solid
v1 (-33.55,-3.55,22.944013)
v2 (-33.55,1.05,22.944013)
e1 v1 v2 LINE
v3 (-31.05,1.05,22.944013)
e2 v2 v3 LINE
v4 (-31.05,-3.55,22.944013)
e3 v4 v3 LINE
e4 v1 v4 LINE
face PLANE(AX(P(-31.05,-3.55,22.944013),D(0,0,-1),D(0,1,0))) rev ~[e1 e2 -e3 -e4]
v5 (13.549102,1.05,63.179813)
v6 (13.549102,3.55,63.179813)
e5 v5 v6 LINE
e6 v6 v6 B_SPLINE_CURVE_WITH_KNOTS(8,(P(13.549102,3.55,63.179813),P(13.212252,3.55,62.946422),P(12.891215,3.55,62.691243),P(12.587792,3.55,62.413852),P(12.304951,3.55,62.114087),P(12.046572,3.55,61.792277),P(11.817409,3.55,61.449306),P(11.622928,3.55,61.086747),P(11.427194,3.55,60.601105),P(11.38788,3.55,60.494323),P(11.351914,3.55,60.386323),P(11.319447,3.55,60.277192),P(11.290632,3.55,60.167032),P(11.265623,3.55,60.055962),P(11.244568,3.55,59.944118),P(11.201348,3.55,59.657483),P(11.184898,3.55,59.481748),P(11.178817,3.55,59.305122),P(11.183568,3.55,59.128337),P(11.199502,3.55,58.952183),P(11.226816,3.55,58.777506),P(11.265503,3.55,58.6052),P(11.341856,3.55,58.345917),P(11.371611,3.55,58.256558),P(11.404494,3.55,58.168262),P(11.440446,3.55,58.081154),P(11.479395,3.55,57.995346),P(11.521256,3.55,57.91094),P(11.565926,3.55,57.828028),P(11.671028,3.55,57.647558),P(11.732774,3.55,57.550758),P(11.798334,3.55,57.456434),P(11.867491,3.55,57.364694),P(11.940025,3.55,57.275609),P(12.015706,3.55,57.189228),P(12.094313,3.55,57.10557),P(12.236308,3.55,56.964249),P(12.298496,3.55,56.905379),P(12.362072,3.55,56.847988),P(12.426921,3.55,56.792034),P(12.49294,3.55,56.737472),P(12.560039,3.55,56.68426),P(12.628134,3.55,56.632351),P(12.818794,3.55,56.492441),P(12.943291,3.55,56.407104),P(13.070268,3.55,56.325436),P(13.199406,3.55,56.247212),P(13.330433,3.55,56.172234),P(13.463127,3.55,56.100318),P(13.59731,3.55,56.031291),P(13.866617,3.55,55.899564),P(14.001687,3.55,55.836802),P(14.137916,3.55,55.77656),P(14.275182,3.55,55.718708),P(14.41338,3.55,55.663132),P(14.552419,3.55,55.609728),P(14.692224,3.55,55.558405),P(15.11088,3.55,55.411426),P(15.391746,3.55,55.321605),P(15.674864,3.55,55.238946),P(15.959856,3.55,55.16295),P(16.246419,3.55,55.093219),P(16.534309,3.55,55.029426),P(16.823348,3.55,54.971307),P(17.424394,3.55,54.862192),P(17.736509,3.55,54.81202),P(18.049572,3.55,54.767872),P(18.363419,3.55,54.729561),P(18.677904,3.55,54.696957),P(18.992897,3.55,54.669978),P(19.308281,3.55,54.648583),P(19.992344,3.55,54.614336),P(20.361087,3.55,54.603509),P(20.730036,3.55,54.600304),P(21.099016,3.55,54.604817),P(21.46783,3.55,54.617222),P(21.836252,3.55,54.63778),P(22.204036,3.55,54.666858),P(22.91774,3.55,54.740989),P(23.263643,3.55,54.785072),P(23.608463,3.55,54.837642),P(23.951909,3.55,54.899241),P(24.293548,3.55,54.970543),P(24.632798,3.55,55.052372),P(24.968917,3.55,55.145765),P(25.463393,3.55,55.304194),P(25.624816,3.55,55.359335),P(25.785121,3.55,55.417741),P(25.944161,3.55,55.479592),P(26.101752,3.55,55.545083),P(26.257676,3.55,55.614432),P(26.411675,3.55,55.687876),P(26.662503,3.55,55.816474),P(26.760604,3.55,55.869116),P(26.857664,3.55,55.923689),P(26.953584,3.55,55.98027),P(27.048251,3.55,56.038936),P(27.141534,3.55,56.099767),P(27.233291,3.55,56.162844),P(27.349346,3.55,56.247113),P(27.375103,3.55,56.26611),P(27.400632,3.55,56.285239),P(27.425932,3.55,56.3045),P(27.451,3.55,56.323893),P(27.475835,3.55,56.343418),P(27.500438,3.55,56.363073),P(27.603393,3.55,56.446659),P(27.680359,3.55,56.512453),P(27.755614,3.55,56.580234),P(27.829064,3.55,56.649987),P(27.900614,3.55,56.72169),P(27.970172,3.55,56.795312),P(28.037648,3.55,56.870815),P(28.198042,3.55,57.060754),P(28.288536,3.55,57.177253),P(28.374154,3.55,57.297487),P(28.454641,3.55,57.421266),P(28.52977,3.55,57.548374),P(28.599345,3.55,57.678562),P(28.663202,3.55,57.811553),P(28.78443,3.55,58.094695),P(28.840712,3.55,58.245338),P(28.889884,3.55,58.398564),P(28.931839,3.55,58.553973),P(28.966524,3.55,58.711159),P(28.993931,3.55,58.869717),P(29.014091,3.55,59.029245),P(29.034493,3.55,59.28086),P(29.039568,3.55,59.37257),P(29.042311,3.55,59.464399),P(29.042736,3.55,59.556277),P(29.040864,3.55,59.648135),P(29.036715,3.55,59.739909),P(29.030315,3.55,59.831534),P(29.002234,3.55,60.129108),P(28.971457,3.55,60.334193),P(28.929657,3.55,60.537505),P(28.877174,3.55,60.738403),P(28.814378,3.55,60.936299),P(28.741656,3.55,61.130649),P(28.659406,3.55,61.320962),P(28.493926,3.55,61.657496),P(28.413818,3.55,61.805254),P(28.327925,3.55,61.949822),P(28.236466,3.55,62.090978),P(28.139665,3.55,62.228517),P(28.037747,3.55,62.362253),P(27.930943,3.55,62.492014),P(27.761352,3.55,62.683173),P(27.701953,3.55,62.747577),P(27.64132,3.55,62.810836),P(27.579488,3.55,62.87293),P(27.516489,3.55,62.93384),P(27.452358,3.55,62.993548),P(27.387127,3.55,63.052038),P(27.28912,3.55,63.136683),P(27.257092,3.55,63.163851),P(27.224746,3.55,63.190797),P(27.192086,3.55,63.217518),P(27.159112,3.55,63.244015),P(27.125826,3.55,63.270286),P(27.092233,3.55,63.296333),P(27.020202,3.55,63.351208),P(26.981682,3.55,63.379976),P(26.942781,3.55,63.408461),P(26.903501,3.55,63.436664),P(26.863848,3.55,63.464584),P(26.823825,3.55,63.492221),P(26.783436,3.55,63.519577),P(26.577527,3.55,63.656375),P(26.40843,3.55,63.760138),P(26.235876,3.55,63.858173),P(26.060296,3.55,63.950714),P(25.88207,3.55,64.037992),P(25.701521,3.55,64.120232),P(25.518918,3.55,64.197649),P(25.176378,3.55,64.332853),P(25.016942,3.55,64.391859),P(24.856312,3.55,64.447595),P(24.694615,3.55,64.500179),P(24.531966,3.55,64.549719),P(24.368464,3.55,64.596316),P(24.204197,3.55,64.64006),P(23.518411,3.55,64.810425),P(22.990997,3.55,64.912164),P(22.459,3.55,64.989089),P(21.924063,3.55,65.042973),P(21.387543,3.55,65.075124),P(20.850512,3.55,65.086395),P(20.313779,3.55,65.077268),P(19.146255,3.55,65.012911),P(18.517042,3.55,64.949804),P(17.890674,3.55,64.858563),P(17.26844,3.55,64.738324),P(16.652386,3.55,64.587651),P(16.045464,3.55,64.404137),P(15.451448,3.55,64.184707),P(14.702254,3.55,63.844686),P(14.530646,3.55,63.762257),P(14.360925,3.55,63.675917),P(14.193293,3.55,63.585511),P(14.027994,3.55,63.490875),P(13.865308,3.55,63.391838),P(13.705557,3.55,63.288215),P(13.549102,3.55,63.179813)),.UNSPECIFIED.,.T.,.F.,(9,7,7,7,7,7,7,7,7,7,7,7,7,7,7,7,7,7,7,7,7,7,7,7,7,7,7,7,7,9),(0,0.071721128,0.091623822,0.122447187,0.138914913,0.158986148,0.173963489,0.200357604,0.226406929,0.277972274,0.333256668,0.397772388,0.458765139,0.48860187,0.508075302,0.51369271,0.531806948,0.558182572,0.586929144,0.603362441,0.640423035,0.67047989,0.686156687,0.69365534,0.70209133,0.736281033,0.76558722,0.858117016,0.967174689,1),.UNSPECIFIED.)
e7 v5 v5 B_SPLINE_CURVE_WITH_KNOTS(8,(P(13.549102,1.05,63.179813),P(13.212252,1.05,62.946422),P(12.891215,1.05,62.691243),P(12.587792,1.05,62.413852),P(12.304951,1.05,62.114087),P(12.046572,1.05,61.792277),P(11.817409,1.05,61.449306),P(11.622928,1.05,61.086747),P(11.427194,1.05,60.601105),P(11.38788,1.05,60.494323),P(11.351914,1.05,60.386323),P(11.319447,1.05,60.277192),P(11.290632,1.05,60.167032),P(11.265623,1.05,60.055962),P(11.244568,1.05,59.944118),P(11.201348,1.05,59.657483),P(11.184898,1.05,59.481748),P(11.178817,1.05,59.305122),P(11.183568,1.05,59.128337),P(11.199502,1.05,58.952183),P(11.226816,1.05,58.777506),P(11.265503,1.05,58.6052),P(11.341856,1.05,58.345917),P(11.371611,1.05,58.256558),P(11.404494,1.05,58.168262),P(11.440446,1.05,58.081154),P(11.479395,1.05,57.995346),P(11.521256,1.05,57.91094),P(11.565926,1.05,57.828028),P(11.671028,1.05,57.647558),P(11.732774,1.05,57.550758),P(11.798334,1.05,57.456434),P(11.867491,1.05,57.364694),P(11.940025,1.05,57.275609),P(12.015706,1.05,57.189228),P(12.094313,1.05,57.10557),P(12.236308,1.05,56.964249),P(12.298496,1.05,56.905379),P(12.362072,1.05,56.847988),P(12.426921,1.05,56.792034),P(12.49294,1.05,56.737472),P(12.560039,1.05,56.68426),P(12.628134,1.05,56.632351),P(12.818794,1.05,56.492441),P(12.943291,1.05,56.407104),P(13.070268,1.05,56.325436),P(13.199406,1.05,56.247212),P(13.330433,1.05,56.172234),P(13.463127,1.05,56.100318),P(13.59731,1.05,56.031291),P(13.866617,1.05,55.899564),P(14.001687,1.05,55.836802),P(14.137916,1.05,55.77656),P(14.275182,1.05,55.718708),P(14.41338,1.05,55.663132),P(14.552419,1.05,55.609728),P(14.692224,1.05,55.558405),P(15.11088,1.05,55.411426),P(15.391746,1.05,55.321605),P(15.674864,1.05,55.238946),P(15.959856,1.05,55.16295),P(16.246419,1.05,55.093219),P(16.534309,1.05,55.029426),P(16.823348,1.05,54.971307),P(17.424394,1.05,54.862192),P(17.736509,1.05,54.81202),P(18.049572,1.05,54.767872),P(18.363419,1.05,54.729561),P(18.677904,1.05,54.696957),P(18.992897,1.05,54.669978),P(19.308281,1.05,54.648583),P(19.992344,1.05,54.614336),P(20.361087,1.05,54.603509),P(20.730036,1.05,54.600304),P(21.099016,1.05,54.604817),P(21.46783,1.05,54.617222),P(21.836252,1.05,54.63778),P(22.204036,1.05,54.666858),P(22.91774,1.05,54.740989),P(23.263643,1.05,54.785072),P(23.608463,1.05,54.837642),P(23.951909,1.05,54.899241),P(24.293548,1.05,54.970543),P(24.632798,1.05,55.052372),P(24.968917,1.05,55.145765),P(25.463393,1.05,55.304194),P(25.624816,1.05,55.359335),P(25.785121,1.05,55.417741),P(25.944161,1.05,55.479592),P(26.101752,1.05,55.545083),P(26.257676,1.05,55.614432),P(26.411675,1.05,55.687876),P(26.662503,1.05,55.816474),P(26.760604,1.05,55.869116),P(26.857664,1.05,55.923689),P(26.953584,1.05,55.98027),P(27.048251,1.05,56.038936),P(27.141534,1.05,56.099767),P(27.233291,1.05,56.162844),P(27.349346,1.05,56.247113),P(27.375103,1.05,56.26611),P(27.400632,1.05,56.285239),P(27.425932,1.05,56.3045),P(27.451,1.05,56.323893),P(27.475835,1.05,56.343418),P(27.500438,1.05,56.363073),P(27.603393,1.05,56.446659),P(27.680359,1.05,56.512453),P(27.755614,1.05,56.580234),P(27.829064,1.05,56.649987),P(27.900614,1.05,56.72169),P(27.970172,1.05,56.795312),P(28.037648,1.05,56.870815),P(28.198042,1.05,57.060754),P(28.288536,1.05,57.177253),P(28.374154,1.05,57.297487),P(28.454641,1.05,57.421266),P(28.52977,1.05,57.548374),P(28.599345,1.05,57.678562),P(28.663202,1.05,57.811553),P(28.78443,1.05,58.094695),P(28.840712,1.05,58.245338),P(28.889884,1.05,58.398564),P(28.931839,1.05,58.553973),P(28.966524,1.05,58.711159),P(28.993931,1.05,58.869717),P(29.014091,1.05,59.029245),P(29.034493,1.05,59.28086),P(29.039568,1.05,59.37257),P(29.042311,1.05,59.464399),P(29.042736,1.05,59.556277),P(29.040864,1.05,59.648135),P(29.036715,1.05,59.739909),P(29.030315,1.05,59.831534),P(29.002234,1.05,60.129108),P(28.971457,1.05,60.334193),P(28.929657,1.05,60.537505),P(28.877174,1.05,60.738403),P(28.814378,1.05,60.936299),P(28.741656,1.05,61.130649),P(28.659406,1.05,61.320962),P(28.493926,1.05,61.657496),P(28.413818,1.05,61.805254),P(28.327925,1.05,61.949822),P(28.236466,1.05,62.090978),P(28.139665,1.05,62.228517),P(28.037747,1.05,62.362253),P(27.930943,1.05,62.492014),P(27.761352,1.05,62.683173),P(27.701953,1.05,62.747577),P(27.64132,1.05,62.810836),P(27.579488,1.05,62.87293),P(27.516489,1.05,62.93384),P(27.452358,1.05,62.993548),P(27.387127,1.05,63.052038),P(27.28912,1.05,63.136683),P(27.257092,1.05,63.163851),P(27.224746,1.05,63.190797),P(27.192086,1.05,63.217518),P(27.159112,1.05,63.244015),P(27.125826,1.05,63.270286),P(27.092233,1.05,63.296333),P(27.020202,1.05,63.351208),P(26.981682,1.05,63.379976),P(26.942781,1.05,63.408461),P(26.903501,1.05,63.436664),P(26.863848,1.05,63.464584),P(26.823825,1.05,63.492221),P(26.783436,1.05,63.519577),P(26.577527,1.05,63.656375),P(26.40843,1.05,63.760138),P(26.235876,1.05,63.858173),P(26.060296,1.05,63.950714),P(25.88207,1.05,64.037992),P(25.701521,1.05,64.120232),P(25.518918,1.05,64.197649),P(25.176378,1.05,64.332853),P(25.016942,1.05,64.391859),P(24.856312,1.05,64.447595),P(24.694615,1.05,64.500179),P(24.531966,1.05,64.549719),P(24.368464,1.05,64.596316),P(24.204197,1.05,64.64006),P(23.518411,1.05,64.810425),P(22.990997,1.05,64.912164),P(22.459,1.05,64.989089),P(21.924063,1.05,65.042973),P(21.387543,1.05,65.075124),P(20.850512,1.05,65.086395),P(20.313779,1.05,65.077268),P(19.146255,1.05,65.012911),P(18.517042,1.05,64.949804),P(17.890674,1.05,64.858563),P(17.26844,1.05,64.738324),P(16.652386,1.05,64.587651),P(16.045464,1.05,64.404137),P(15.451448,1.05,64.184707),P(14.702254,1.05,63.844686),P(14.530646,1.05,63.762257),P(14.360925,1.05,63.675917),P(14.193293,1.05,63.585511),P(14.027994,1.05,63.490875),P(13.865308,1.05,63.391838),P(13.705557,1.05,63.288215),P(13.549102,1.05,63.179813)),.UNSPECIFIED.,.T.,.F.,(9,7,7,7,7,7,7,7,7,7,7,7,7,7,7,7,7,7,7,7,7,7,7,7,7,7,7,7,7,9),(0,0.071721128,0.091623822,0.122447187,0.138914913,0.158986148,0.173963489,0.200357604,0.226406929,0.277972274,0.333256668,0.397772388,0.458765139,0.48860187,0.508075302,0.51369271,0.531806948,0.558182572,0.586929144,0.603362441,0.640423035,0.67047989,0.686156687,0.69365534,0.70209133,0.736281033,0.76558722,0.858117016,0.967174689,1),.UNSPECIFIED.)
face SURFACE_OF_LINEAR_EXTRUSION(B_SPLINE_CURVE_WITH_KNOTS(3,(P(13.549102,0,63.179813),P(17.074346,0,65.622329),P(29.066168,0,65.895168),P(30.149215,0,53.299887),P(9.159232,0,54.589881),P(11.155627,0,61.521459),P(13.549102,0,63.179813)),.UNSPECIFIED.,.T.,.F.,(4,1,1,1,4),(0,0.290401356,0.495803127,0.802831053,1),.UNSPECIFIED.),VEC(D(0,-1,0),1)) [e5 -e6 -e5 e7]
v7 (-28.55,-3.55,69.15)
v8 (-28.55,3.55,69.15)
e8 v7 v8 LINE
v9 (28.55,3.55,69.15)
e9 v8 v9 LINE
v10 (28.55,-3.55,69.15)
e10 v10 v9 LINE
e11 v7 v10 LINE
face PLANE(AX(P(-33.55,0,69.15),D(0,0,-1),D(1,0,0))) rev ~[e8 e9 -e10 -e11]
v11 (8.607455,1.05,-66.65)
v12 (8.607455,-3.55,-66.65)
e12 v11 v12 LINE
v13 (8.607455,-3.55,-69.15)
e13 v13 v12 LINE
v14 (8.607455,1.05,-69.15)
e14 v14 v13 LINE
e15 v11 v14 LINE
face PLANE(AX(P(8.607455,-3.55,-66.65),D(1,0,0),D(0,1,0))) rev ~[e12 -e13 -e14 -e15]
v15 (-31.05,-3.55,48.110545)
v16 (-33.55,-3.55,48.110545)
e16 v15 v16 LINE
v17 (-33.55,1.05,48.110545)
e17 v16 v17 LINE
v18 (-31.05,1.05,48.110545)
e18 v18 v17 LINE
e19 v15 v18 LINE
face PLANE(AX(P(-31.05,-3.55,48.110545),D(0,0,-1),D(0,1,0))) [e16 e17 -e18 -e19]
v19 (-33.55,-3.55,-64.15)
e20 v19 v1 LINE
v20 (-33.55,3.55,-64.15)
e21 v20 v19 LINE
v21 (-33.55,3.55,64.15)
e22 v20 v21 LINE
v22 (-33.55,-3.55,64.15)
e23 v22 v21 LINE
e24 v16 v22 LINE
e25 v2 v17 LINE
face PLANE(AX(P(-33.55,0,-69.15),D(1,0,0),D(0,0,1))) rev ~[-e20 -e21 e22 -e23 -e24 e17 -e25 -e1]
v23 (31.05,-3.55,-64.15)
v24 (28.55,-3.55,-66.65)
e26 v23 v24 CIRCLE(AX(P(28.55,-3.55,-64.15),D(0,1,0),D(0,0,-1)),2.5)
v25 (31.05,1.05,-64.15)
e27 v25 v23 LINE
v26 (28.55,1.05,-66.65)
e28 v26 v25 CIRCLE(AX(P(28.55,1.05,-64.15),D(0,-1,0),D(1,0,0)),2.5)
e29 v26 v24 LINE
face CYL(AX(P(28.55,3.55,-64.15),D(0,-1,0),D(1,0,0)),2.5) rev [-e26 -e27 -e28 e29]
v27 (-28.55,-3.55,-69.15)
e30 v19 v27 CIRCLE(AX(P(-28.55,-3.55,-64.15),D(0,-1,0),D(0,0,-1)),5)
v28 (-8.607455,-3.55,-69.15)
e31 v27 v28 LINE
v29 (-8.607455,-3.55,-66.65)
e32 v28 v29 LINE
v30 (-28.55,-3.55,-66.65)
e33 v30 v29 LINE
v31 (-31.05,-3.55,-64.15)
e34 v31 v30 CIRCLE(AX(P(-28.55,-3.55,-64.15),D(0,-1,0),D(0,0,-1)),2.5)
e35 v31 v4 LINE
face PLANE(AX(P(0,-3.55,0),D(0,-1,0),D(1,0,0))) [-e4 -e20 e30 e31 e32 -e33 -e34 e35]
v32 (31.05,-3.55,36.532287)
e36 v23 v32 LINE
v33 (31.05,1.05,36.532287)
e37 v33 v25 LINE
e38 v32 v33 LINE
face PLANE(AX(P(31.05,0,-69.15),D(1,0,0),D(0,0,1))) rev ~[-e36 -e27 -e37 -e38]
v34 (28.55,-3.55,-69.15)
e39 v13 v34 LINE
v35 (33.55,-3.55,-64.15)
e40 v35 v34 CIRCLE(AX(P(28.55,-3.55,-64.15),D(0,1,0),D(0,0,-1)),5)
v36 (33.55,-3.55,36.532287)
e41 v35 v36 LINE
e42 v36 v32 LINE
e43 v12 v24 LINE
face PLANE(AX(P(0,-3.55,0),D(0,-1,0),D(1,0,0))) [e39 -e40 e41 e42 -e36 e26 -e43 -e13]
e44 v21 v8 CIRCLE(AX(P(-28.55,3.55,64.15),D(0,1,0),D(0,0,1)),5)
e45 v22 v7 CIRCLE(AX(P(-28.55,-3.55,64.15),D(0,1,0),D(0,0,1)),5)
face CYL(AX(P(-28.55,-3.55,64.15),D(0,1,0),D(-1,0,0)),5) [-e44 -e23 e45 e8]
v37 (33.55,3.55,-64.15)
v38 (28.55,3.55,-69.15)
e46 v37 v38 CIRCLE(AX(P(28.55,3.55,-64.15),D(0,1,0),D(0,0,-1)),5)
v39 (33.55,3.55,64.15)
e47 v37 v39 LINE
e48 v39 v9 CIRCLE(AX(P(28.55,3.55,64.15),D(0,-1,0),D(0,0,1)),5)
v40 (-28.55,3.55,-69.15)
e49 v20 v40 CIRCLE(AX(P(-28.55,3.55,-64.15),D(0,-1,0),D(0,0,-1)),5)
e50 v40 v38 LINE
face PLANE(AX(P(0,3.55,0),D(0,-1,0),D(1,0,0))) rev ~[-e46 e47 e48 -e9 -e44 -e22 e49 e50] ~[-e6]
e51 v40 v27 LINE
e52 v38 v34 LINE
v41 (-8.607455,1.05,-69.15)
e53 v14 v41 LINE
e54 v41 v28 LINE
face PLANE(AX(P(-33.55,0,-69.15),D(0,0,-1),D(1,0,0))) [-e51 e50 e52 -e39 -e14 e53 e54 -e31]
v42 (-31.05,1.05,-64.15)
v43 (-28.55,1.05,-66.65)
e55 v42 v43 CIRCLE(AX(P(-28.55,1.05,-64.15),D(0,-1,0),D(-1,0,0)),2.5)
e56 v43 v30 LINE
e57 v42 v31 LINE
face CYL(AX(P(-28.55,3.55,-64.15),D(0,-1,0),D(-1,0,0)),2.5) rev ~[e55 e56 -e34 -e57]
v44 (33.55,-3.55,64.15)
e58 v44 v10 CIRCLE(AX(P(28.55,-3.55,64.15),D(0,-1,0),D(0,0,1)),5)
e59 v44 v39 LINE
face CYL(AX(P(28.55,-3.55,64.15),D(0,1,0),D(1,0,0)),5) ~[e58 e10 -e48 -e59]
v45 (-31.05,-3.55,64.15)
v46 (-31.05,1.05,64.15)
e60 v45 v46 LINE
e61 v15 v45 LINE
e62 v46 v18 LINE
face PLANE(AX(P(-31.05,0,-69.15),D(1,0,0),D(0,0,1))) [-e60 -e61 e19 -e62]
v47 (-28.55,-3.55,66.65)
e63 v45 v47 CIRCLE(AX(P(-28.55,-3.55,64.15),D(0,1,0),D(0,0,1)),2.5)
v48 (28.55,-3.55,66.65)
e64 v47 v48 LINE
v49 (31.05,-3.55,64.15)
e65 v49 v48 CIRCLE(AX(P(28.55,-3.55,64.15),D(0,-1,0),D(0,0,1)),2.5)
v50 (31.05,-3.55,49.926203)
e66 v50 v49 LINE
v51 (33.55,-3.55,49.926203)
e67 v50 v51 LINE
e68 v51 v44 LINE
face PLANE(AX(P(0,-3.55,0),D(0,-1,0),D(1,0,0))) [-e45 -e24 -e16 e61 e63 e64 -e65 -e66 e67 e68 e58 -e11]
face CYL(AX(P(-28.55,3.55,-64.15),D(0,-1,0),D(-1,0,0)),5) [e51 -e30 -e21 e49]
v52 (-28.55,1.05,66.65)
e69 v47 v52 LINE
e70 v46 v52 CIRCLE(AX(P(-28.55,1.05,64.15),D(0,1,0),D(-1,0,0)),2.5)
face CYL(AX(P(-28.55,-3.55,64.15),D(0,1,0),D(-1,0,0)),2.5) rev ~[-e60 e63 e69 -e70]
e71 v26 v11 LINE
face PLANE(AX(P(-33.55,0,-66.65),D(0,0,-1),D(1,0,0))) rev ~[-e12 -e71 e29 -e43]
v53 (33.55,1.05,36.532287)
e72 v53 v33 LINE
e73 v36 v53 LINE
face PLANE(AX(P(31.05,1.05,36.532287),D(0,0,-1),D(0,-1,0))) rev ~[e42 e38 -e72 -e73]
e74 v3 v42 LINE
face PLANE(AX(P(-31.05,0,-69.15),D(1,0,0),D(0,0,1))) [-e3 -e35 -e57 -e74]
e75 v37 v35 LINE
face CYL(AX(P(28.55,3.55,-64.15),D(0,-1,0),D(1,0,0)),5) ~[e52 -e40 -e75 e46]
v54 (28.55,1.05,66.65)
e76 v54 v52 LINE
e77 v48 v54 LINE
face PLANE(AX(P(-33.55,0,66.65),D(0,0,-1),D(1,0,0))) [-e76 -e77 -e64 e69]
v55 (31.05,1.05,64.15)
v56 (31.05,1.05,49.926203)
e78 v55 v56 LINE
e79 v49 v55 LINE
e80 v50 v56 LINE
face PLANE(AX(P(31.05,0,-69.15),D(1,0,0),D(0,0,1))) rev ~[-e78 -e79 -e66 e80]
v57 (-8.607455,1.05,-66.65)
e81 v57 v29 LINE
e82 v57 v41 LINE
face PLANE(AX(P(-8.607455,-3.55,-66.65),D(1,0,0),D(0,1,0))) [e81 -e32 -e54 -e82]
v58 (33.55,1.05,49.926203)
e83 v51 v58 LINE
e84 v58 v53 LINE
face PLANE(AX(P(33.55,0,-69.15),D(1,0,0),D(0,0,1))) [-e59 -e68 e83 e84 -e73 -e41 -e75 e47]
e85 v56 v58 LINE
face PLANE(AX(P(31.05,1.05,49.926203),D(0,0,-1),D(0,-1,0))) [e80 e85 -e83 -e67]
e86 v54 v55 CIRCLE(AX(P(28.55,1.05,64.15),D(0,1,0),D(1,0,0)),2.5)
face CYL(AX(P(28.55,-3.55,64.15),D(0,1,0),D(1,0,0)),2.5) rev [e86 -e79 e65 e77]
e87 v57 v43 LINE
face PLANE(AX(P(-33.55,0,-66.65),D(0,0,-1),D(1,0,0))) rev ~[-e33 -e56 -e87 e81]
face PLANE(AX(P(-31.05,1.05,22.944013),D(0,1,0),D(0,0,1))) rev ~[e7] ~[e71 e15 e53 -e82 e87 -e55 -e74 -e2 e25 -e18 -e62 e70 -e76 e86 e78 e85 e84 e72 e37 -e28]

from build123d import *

# Parameters (mm, degrees)
F0_W      = 67.1
F0_H      = 138.3
F1_DEPTH  = 3.55
F2_R      = 5
F3_T      = -2.5
F5_DEPTH  = 12.5
F6_W      = 17.2149091959
F6_H      = 4.6
F7_DEPTH  = 12.5
F8_W      = 4.6
F8_H      = 25.1665320247
F9_DEPTH  = 12.5
F10_W     = 4.6
F10_H     = 13.3939161897
F11_DEPTH = 12.5


with BuildPart() as f1:
    # F0 (on Front) → F1 (new body, symmetric)
    with BuildSketch(Plane.XZ):
        Rectangle(F0_W, F0_H)
    extrude(amount=F1_DEPTH, both=True)

    # F2
    f2_edges = [f1.edges().sort_by_distance(p)[0] for p in [
        (-33.55, 0, 69.15),
        (33.55, 0, 69.15),
        (-33.55, 0, -69.15),
        (33.55, 0, -69.15),
    ]]
    fillet(f2_edges, radius=F2_R)

    # F3
    f3_openings = [f1.faces().sort_by_distance(p)[0] for p in [
        (0, -3.55, 0),
    ]]
    offset(amount=F3_T, openings=f3_openings)

    # F4 (on Front) → F5 (cut, symmetric)
    with BuildSketch(Plane.XZ):
        with BuildLine():
            add(Edge.make_bspline(
                [(13.5491024703, 63.1798133254), (17.0743458114, 65.6223290722), (29.066168273, 65.8951681057), (30.1492148881, 53.2998867845), (9.159231679, 54.5898814711), (11.1556270119, 61.5214592968), (13.5491024703, 63.1798133254)],
                knots=[0, 0, 0, 0, 0.2904013559, 0.4958031268, 0.8028310527, 1, 1, 1, 1], degree=3))
        make_face()
    extrude(amount=F5_DEPTH, both=True, mode=Mode.SUBTRACT)

    # F6 (on face) → F7 (cut, symmetric)
    with BuildSketch(Plane.XY.offset(-66.65)):
        with Locations((0, -1.25)):
            Rectangle(F6_W, F6_H)
    extrude(amount=F7_DEPTH, both=True, mode=Mode.SUBTRACT)

    # F8 (on face) → F9 (cut, symmetric)
    with BuildSketch(Plane.YZ.offset(-31.05)):
        with Locations((-1.25, 35.5272786692)):
            Rectangle(F8_W, F8_H)
    extrude(amount=F9_DEPTH, both=True, mode=Mode.SUBTRACT)

    # F10 (on face) → F11 (cut, symmetric)
    with BuildSketch(Plane(origin=(31.05, 0, 0), x_dir=(0, -1, 0), z_dir=(-1, 0, 0))):
        with Locations((1.25, 43.2292446494)):
            Rectangle(F10_W, F10_H)
    extrude(amount=F11_DEPTH, both=True, mode=Mode.SUBTRACT)


solid = f1.part
